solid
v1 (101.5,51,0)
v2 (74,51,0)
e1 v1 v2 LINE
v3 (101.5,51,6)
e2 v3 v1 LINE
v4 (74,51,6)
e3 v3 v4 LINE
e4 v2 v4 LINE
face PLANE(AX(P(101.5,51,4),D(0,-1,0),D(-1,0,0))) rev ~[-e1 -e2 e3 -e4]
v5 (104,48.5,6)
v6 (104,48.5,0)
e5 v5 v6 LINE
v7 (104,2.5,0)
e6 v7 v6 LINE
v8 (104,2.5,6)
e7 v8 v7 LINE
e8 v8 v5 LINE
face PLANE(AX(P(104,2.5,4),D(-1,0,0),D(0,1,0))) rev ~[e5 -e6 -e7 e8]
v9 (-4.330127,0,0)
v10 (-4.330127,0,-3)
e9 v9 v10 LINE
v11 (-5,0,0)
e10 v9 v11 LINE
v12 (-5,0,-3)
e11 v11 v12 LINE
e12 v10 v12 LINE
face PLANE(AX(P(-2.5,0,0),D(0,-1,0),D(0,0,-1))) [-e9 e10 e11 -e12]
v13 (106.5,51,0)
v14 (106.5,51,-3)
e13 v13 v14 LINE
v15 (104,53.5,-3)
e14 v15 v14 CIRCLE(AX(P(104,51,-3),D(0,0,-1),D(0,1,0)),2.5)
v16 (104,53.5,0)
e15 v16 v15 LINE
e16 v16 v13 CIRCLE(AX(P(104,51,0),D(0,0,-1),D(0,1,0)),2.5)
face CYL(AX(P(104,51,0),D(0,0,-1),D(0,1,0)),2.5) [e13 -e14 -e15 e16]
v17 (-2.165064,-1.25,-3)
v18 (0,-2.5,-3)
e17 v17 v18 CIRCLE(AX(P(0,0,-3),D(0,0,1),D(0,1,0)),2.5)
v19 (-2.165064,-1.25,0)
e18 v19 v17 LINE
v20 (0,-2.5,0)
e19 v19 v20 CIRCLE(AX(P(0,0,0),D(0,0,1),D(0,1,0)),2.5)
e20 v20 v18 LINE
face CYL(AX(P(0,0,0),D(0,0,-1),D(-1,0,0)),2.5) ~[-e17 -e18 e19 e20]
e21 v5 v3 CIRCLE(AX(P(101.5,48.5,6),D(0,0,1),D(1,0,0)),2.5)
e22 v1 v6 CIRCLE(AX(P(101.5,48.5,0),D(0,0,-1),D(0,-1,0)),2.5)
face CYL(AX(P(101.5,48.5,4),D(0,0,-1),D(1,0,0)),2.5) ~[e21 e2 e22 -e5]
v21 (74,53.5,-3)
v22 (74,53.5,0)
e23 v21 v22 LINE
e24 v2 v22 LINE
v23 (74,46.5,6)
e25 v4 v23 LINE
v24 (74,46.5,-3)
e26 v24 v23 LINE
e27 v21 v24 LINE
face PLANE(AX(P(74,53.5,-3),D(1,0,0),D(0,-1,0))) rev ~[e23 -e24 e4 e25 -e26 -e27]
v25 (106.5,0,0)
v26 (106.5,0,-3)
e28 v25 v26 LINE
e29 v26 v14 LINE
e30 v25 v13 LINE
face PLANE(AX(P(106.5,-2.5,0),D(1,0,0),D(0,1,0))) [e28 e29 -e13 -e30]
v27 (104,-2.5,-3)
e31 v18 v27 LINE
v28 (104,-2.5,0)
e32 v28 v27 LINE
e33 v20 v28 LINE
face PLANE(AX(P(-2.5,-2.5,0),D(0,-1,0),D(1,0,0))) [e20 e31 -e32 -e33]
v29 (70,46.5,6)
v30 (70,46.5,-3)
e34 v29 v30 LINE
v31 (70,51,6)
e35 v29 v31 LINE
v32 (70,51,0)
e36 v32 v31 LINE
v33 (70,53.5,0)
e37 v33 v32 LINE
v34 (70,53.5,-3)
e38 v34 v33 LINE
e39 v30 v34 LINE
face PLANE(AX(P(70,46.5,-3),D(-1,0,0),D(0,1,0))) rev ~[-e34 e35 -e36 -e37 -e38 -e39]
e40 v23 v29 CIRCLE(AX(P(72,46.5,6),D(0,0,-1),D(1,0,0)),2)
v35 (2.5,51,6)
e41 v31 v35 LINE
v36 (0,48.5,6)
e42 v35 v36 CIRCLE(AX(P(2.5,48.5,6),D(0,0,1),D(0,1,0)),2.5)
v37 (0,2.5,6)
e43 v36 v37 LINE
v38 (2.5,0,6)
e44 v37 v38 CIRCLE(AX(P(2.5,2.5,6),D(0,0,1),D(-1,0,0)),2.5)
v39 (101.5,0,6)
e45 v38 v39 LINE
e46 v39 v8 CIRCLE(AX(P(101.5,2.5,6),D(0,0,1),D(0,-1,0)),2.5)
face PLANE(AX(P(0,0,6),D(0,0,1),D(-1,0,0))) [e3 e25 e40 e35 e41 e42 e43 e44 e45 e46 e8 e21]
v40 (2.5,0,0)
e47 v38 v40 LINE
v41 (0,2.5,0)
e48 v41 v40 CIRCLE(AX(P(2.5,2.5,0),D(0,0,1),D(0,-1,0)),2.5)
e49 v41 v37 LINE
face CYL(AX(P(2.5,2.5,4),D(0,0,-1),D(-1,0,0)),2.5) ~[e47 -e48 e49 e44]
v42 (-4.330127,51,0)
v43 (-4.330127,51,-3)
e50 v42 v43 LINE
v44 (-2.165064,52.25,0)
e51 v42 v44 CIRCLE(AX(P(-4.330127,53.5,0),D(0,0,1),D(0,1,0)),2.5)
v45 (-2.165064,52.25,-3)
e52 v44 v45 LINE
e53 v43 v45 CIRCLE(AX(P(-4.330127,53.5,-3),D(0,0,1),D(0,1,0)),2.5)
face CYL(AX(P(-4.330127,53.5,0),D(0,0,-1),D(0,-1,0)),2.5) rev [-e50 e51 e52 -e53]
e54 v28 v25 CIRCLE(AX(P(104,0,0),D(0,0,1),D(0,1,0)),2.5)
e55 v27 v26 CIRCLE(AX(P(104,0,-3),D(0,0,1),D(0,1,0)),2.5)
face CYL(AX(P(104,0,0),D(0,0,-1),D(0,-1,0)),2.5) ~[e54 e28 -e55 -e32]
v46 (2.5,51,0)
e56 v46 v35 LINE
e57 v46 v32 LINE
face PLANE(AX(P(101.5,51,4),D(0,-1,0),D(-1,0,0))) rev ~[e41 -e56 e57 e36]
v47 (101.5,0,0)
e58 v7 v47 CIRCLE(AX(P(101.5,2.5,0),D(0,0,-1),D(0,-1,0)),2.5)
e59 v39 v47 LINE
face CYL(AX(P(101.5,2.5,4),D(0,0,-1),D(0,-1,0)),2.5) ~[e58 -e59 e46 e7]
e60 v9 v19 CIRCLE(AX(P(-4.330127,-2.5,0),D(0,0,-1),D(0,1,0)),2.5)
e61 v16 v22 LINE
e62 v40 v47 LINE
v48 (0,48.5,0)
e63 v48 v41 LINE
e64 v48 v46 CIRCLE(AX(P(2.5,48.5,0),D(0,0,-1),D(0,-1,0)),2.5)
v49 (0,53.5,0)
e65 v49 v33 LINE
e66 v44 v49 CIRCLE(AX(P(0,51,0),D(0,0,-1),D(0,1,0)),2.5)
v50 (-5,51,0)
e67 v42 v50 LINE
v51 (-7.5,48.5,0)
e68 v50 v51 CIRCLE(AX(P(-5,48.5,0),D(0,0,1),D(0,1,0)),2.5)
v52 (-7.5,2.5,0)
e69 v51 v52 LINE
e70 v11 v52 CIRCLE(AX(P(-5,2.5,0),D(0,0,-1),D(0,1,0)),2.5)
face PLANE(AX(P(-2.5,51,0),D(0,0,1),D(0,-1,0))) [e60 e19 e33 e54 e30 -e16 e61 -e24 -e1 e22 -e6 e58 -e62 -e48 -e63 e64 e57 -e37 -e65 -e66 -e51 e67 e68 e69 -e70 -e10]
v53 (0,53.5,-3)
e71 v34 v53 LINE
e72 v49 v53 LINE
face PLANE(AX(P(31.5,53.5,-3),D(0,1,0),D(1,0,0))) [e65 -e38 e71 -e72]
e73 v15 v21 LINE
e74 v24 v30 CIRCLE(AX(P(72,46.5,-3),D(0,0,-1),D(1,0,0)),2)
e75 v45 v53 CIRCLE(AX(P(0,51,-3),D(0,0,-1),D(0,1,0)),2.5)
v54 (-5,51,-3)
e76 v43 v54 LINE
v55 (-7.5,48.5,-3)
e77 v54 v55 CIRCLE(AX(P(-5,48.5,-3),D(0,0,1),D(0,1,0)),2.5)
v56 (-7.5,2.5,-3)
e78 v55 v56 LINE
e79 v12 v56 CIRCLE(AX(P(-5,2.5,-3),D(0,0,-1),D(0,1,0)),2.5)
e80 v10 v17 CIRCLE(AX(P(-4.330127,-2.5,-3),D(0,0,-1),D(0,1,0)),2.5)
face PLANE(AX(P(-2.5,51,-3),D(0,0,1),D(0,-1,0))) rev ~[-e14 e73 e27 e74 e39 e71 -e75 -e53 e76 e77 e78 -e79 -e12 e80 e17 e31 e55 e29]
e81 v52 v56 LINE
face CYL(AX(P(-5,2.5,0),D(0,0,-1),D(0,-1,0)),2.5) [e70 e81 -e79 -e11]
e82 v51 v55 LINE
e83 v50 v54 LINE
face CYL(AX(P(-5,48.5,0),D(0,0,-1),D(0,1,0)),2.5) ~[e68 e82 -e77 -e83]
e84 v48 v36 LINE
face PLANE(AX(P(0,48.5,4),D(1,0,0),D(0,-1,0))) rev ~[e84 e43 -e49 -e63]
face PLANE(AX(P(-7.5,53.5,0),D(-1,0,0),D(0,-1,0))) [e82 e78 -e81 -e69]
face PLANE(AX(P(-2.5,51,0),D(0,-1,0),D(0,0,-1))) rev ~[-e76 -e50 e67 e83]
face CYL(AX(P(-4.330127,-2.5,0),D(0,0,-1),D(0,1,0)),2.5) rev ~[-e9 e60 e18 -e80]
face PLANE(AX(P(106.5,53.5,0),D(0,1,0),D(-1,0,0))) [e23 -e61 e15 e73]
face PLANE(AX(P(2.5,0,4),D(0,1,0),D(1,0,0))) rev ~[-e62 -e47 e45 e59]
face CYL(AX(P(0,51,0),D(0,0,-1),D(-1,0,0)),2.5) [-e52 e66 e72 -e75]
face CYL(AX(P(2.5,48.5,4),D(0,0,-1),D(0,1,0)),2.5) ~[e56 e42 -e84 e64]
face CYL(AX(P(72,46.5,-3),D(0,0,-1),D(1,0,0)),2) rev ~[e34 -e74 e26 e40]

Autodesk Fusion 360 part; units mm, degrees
sketch "Sketch1" plane through (0, 0, 0) normal (0, 0, 1) x (1, 0, 0)
  line L0 (0, 0) -> (104, 0)
  line L1 (104, 0) -> (104, 51)
  line L2 (104, 51) -> (0, 51)
  line L3 (0, 51) -> (0, 0)
  dimension "d1" = 104
  dimension "d2" = 51
extrude "Extrude1" add sketch "Sketch1" along normal blind 4
fillet "Fillet1" radius 2.5 4 edges at (104, 0, 2) (0, 0, 2) (104, 51, 2) (0, 51, 2)
sketch "Sketch2" plane through (0, 0, 4) normal (0, 0, 1) x (-1, 0, 0)
  arc A0 (-2.5, -51) -> (0, -48.5) centre (-2.5, -48.5) ccw
  line L0 (0, -48.5) -> (0, -2.5)
  arc A1 (0, -2.5) -> (-2.5, 0) centre (-2.5, -2.5) ccw
  line L1 (-2.5, 0) -> (-101.5, 0)
  arc A2 (-101.5, 0) -> (-104, -2.5) centre (-101.5, -2.5) ccw
  line L2 (-104, -2.5) -> (-104, -48.5)
  arc A3 (-104, -48.5) -> (-101.5, -51) centre (-101.5, -48.5) ccw
  line L3 (-101.5, -51) -> (-2.5, -51)
sketch "Sketch3" plane through (0, 0, 4) normal (0, 0, 1) x (-1, 0, 0)
  line L0 (2, -53) -> (-106, -53)
  line L1 (-106, -53) -> (-106, 2)
  line L2 (-106, 2) -> (2, 2)
  line L3 (2, 2) -> (2, -53)
  line L4 (-2.5, 0) -> (-101.5, 0)
  line L5 (-104, -2.5) -> (-104, -48.5)
  line L6 (0, -48.5) -> (0, -2.5)
  line L7 (-101.5, -51) -> (-2.5, -51)
  dimension "d7" = 2
  dimension "d8" = 2
  dimension "d9" = 2
  dimension "d10" = 2
sketch "Sketch6" plane through (0, 0, 0) normal (0, 0, 1) x (1, 0, 0)
  line L0 (-2.5, -2.5) -> (106.5, -2.5)
  line L1 (106.5, -2.5) -> (106.5, 53.5)
  line L2 (106.5, 53.5) -> (-2.5, 53.5)
  line L3 (-2.5, 53.5) -> (-2.5, -2.5)
  line L4 (2.5, 0) -> (101.5, 0)
  line L5 (104, 2.5) -> (104, 48.5)
  line L6 (101.5, 51) -> (2.5, 51)
  line L7 (0, 48.5) -> (0, 2.5)
  dimension "d15" = 2.5
  dimension "d16" = 2.5
  dimension "d17" = 2.5
  dimension "d18" = 2.5
extrude "Extrude3" add sketch "Sketch6" against normal blind 3
fillet "Fillet3" radius 2.5 4 edges at (-2.5, 53.5, -1.5) (106.5, 53.5, -1.5) (106.5, -2.5, -1.5) (-2.5, -2.5, -1.5)
sketch "Sketch7" plane through (0, 0, 4) normal (0, 0, 1) x (-1, 0, 0)
  circle A0 centre (-34, -46.5) radius 2.5
  line L0 (-104, -2.5) -> (-104, -48.5)
  line L1 (-101.5, -51) -> (-2.5, -51)
  line L2 (-36.5, -46.5) -> (-36.5, -51)
  line L3 (-31.5, -46.5) -> (-31.5, -51)
  dimension "d23" = 5
  dimension "d24" = 70
  dimension "d25" = 4.5
extrude "Extrude4" cut sketch "Sketch7" against normal blind 11
sketch "Sketch8" plane through (0, 0, -3) normal (0, 0, -1) x (1, 0, 0)
  line L0 (36.5, -51) -> (31.5, -51)
  line L1 (31.5, -51) -> (31.5, -46.5)
  arc A0 (36.5, -46.5) -> (31.5, -46.5) centre (34, -46.5) ccw
  line L2 (36.5, -46.5) -> (36.5, -51)
  arc A1 (0, 2.5) -> (-2.5, 0) centre (0, 0) ccw
  line L3 (-2.5, 0) -> (-2.5, -51)
  arc A2 (-2.5, -51) -> (0, -53.5) centre (0, -51) ccw
  line L4 (0, -53.5) -> (104, -53.5)
  arc A3 (104, -53.5) -> (106.5, -51) centre (104, -51) ccw
  line L5 (106.5, -51) -> (106.5, 0)
  arc A4 (106.5, 0) -> (104, 2.5) centre (104, 0) ccw
  line L6 (104, 2.5) -> (0, 2.5)
  line L7 (31.5, -51) -> (31.5, -53.5)
  line L8 (36.5, -51) -> (36.5, -53.5)
extrude "Extrude5" cut sketch "Sketch8" against normal blind 4 contours L0 L4 L7 L8
sketch "Sketch9" plane through (0, 0, 4) normal (0, 0, 1) x (-1, 0, 0)
sketch "Sketch10" plane through (0, 0, 4) normal (0, 0, 1) x (-1, 0, 0)
sketch "Sketch11" plane through (0, 0, -3) normal (0, 0, -1) x (1, 0, 0)
  line L0 (36.5, -46.5) -> (36.5, -53.5)
  line L1 (36.5, -53.5) -> (104, -53.5)
  arc A0 (104, -53.5) -> (106.5, -51) centre (104, -51) ccw
  line L2 (106.5, -51) -> (106.5, 0)
  arc A1 (106.5, 0) -> (104, 2.5) centre (104, 0) ccw
  line L3 (104, 2.5) -> (0, 2.5)
  arc A2 (0, 2.5) -> (-2.5, 0) centre (0, 0) ccw
  line L4 (-2.5, 0) -> (-2.5, -51)
  arc A3 (-2.5, -51) -> (0, -53.5) centre (0, -51) ccw
  line L5 (0, -53.5) -> (31.5, -53.5)
  line L6 (31.5, -53.5) -> (31.5, -46.5)
  arc A4 (36.5, -46.5) -> (31.5, -46.5) centre (34, -46.5) ccw
  line L7 (70, -53.5) -> (74, -53.5)
  line L8 (74, -53.5) -> (74, -46.5)
  line L9 (74, -46.5) -> (70, -46.5)
  line L10 (70, -46.5) -> (70, -53.5)
  circle A5 centre (72, -46.5) radius 2
  dimension "d30" = 32.5
  dimension "d31" = 4
  dimension "d32" = 7
extrude "Extrude6" cut sketch "Sketch11" against normal blind 9 contours L1 L7 L8 L10 A5 | L9 A5 | L9 A5
extrude "Extrude7" add sketch "Sketch7" against normal blind 7
extrude "Extrude8" add sketch "Sketch8" against normal blind 3 contours L0 L4 L7 L8
extrude "Extrude9" add sketch "Sketch2" along normal blind 2
extrude "Extrude10" cut 1 faces at (71.3333, 49.5, 4) along direction (0, 0, 1) blind 9
extrude "Extrude11" add 1 faces at (-2.5, 34, -1) along direction (-1, 0, 0) blind 5
fillet "Fillet4" radius 2.5 4 edges at (-7.5, 51, -1.5) (-2.5, 51, -1.5) (-2.5, 0, -1.5) (-7.5, 0, -1.5)
sketch "Sketch12" plane through (0, 0, 0) normal (0, 1, 0) x (1, 0, 0)
extrude "Extrude12" [suppressed]
extrude "Extrude2" [suppressed]
fillet "Fillet2" [suppressed]
sketch "Sketch4" plane through (0, 0, 0) normal (0, 0, 1) x (1, 0, 0)
sketch "Sketch5" plane through (0, 0, 0) normal (0, 0, 1) x (1, 0, 0)
